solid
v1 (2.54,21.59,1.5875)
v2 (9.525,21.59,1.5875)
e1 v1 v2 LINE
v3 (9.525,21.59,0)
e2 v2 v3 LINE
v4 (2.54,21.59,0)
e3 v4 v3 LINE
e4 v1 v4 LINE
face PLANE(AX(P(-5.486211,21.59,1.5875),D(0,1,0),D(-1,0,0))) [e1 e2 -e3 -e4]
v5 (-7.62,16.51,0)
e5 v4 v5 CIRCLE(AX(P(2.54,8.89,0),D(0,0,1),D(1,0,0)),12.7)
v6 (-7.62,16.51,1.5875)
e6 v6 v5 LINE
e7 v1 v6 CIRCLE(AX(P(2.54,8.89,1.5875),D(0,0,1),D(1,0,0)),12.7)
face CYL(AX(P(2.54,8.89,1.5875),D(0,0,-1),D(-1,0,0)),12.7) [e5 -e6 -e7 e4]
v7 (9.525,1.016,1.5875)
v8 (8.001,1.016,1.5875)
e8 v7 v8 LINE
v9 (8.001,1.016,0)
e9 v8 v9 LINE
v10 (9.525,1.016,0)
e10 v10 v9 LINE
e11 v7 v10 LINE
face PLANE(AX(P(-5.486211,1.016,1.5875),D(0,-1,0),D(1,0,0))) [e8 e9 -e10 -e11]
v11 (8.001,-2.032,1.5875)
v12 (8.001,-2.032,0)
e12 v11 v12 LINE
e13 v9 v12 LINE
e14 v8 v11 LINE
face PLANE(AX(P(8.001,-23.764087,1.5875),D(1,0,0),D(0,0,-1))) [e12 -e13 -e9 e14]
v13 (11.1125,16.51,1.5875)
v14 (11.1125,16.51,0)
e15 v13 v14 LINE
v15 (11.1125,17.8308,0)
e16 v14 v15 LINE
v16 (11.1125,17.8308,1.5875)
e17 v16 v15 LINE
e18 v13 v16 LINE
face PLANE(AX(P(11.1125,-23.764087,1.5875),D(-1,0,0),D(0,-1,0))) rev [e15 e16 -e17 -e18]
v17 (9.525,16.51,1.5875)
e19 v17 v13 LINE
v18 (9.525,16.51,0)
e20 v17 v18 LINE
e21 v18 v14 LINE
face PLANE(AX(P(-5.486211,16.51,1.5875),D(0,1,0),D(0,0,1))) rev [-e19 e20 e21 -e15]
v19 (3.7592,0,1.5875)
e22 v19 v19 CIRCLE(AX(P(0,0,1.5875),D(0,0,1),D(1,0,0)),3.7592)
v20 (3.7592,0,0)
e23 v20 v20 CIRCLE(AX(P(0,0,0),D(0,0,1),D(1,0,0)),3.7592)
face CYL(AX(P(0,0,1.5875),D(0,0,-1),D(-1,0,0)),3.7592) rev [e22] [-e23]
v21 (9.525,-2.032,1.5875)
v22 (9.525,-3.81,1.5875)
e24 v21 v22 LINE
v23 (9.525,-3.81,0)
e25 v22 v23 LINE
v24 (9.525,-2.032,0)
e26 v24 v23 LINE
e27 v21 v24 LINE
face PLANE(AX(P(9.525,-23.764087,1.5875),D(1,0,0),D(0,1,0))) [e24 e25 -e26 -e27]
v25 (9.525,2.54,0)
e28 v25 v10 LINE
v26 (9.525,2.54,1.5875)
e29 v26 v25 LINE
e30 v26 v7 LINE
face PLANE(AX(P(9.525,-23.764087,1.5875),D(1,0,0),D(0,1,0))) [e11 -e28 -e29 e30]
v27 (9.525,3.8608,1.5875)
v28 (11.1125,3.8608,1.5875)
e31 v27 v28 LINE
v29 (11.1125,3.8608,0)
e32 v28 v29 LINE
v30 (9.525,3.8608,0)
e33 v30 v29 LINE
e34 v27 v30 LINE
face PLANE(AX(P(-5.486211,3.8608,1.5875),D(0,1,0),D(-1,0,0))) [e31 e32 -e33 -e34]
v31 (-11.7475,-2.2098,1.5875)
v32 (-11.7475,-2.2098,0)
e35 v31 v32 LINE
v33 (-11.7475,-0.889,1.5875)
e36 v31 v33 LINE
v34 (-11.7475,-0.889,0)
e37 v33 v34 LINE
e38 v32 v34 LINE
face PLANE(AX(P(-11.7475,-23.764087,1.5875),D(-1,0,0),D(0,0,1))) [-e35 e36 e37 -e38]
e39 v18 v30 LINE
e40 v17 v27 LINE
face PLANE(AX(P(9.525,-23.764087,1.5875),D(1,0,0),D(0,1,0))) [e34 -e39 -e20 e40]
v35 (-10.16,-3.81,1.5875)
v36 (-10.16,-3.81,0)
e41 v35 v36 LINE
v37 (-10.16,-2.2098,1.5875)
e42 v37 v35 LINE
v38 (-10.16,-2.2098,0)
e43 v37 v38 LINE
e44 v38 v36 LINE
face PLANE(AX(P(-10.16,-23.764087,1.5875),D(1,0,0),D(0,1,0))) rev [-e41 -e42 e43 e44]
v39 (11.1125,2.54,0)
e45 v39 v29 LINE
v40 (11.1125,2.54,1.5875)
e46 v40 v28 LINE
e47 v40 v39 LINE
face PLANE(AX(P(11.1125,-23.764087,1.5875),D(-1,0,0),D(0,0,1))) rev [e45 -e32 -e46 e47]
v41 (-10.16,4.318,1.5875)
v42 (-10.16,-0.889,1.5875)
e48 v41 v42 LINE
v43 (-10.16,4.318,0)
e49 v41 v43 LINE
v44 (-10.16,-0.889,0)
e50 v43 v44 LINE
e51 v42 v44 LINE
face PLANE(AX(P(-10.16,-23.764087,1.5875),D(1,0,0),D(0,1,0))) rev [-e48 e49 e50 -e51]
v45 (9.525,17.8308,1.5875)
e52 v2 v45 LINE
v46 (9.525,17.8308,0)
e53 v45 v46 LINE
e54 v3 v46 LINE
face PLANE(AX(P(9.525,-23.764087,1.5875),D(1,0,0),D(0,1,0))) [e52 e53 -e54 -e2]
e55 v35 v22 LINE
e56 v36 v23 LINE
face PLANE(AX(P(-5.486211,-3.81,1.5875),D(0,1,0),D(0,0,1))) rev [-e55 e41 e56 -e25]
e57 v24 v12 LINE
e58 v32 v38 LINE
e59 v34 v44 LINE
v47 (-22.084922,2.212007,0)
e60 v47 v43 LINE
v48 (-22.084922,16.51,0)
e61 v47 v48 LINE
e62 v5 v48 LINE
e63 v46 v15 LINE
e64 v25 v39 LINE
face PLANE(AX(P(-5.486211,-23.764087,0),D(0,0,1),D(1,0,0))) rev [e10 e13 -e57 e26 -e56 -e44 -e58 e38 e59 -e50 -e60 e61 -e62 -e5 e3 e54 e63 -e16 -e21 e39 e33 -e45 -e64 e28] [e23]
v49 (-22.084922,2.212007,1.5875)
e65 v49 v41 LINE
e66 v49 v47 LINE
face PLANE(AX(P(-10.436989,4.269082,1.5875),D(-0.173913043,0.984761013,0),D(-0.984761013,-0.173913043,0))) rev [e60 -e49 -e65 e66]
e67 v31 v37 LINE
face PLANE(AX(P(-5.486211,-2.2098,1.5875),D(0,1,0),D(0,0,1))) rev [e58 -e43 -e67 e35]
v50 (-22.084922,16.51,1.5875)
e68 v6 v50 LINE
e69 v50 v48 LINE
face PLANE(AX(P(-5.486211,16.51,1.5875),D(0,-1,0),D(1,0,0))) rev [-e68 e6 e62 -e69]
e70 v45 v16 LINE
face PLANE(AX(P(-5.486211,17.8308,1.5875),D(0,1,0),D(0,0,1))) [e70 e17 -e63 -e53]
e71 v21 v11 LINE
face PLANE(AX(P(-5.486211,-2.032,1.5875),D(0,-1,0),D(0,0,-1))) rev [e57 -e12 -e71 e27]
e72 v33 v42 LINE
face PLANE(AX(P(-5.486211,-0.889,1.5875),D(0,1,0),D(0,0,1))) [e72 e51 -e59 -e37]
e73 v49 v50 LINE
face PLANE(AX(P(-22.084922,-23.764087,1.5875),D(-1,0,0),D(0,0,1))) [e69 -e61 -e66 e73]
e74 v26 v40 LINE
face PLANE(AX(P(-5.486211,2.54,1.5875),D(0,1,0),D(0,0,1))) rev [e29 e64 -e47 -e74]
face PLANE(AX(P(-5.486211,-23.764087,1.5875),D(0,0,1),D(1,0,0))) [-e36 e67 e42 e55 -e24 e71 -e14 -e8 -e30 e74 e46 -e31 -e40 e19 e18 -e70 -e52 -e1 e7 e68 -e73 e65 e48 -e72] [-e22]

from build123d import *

# Parameters (mm, degrees)
SKETCH1_R           = 3.7592
SKETCH1_W           = 1.5875
SKETCH1_H           = 1.3208
BOSS_EXTRUDE1_DEPTH = 1.5875


with BuildPart() as part:
    # Sketch1 → Boss-Extrude1 (new body)
    # profile 1 of 6: a face of its own
    with BuildSketch(Plane.XY):
        with BuildLine():
            ThreePointArc((2.54, 21.59), (-3.139612663, 20.249225326), (-7.62, 16.51))
            ThreePointArc((-7.62, 16.51), (-9.508277885, 12.906092628), (-10.16, 8.89))
            Line((-10.16, 8.89), (-10.16, 4.318))
            Line((-10.16, 4.318), (-10.16, -0.889))
            Line((-10.16, -0.889), (-10.16, -2.2098))
            Line((-10.16, -2.2098), (-10.16, -3.81))
            Line((-10.16, -3.81), (9.525, -3.81))
            Line((9.525, -3.81), (9.525, -2.032))
            Line((9.525, -2.032), (8.001, -2.032))
            Line((8.001, -2.032), (8.001, 1.016))
            Line((8.001, 1.016), (9.525, 1.016))
            Line((9.525, 1.016), (9.525, 2.54))
            Line((9.525, 2.54), (9.525, 3.8608))
            Line((9.525, 3.8608), (9.525, 16.51))
            Line((9.525, 16.51), (9.525, 17.8308))
            Line((9.525, 17.8308), (9.525, 21.59))
            Line((9.525, 21.59), (2.54, 21.59))
        make_face()
        Circle(SKETCH1_R, mode=Mode.SUBTRACT)
    # profile 2 of 6: a face of its own
    with BuildSketch(Plane.XY):
        with Locations((-10.95375, -1.5494)):
            Rectangle(SKETCH1_W, SKETCH1_H)
    # profile 3 of 6: a face of its own
    with BuildSketch(Plane.XY):
        with Locations((10.31875, 17.1704)):
            Rectangle(SKETCH1_W, SKETCH1_H)
    # profile 4 of 6: a face of its own
    with BuildSketch(Plane.XY):
        with Locations((10.31875, 3.2004)):
            Rectangle(SKETCH1_W, SKETCH1_H)
    # profile 5 of 6: a face of its own
    with BuildSketch(Plane.XY):
        with BuildLine():
            ThreePointArc((-10.16, 8.89), (-9.508277885, 12.906092628), (-7.62, 16.51))
            Line((-7.62, 16.51), (-22.084921519, 16.51))
            Line((-22.084921519, 16.51), (-22.084921519, 13.081))
            Line((-22.084921519, 13.081), (-22.084921519, 4.699))
            Line((-22.084921519, 4.699), (-22.084921519, 2.212007412))
            Line((-22.084921519, 2.212007412), (-10.16, 4.318))
            Line((-10.16, 4.318), (-10.16, 8.89))
        make_face()
    # profile 6 of 6: a face of its own
    with BuildSketch(Plane.XY):
        with BuildLine():
            ThreePointArc((-10.16, 8.89), (-9.508277885, 12.906092628), (-7.62, 16.51))
            Line((-7.62, 16.51), (-22.084921519, 16.51))
            Line((-22.084921519, 16.51), (-22.084921519, 13.081))
            Line((-22.084921519, 13.081), (-22.084921519, 4.699))
            Line((-22.084921519, 4.699), (-22.084921519, 2.212007412))
            Line((-22.084921519, 2.212007412), (-10.16, 4.318))
            Line((-10.16, 4.318), (-10.16, 8.89))
        make_face()
    extrude(amount=BOSS_EXTRUDE1_DEPTH)


solid = part.part
